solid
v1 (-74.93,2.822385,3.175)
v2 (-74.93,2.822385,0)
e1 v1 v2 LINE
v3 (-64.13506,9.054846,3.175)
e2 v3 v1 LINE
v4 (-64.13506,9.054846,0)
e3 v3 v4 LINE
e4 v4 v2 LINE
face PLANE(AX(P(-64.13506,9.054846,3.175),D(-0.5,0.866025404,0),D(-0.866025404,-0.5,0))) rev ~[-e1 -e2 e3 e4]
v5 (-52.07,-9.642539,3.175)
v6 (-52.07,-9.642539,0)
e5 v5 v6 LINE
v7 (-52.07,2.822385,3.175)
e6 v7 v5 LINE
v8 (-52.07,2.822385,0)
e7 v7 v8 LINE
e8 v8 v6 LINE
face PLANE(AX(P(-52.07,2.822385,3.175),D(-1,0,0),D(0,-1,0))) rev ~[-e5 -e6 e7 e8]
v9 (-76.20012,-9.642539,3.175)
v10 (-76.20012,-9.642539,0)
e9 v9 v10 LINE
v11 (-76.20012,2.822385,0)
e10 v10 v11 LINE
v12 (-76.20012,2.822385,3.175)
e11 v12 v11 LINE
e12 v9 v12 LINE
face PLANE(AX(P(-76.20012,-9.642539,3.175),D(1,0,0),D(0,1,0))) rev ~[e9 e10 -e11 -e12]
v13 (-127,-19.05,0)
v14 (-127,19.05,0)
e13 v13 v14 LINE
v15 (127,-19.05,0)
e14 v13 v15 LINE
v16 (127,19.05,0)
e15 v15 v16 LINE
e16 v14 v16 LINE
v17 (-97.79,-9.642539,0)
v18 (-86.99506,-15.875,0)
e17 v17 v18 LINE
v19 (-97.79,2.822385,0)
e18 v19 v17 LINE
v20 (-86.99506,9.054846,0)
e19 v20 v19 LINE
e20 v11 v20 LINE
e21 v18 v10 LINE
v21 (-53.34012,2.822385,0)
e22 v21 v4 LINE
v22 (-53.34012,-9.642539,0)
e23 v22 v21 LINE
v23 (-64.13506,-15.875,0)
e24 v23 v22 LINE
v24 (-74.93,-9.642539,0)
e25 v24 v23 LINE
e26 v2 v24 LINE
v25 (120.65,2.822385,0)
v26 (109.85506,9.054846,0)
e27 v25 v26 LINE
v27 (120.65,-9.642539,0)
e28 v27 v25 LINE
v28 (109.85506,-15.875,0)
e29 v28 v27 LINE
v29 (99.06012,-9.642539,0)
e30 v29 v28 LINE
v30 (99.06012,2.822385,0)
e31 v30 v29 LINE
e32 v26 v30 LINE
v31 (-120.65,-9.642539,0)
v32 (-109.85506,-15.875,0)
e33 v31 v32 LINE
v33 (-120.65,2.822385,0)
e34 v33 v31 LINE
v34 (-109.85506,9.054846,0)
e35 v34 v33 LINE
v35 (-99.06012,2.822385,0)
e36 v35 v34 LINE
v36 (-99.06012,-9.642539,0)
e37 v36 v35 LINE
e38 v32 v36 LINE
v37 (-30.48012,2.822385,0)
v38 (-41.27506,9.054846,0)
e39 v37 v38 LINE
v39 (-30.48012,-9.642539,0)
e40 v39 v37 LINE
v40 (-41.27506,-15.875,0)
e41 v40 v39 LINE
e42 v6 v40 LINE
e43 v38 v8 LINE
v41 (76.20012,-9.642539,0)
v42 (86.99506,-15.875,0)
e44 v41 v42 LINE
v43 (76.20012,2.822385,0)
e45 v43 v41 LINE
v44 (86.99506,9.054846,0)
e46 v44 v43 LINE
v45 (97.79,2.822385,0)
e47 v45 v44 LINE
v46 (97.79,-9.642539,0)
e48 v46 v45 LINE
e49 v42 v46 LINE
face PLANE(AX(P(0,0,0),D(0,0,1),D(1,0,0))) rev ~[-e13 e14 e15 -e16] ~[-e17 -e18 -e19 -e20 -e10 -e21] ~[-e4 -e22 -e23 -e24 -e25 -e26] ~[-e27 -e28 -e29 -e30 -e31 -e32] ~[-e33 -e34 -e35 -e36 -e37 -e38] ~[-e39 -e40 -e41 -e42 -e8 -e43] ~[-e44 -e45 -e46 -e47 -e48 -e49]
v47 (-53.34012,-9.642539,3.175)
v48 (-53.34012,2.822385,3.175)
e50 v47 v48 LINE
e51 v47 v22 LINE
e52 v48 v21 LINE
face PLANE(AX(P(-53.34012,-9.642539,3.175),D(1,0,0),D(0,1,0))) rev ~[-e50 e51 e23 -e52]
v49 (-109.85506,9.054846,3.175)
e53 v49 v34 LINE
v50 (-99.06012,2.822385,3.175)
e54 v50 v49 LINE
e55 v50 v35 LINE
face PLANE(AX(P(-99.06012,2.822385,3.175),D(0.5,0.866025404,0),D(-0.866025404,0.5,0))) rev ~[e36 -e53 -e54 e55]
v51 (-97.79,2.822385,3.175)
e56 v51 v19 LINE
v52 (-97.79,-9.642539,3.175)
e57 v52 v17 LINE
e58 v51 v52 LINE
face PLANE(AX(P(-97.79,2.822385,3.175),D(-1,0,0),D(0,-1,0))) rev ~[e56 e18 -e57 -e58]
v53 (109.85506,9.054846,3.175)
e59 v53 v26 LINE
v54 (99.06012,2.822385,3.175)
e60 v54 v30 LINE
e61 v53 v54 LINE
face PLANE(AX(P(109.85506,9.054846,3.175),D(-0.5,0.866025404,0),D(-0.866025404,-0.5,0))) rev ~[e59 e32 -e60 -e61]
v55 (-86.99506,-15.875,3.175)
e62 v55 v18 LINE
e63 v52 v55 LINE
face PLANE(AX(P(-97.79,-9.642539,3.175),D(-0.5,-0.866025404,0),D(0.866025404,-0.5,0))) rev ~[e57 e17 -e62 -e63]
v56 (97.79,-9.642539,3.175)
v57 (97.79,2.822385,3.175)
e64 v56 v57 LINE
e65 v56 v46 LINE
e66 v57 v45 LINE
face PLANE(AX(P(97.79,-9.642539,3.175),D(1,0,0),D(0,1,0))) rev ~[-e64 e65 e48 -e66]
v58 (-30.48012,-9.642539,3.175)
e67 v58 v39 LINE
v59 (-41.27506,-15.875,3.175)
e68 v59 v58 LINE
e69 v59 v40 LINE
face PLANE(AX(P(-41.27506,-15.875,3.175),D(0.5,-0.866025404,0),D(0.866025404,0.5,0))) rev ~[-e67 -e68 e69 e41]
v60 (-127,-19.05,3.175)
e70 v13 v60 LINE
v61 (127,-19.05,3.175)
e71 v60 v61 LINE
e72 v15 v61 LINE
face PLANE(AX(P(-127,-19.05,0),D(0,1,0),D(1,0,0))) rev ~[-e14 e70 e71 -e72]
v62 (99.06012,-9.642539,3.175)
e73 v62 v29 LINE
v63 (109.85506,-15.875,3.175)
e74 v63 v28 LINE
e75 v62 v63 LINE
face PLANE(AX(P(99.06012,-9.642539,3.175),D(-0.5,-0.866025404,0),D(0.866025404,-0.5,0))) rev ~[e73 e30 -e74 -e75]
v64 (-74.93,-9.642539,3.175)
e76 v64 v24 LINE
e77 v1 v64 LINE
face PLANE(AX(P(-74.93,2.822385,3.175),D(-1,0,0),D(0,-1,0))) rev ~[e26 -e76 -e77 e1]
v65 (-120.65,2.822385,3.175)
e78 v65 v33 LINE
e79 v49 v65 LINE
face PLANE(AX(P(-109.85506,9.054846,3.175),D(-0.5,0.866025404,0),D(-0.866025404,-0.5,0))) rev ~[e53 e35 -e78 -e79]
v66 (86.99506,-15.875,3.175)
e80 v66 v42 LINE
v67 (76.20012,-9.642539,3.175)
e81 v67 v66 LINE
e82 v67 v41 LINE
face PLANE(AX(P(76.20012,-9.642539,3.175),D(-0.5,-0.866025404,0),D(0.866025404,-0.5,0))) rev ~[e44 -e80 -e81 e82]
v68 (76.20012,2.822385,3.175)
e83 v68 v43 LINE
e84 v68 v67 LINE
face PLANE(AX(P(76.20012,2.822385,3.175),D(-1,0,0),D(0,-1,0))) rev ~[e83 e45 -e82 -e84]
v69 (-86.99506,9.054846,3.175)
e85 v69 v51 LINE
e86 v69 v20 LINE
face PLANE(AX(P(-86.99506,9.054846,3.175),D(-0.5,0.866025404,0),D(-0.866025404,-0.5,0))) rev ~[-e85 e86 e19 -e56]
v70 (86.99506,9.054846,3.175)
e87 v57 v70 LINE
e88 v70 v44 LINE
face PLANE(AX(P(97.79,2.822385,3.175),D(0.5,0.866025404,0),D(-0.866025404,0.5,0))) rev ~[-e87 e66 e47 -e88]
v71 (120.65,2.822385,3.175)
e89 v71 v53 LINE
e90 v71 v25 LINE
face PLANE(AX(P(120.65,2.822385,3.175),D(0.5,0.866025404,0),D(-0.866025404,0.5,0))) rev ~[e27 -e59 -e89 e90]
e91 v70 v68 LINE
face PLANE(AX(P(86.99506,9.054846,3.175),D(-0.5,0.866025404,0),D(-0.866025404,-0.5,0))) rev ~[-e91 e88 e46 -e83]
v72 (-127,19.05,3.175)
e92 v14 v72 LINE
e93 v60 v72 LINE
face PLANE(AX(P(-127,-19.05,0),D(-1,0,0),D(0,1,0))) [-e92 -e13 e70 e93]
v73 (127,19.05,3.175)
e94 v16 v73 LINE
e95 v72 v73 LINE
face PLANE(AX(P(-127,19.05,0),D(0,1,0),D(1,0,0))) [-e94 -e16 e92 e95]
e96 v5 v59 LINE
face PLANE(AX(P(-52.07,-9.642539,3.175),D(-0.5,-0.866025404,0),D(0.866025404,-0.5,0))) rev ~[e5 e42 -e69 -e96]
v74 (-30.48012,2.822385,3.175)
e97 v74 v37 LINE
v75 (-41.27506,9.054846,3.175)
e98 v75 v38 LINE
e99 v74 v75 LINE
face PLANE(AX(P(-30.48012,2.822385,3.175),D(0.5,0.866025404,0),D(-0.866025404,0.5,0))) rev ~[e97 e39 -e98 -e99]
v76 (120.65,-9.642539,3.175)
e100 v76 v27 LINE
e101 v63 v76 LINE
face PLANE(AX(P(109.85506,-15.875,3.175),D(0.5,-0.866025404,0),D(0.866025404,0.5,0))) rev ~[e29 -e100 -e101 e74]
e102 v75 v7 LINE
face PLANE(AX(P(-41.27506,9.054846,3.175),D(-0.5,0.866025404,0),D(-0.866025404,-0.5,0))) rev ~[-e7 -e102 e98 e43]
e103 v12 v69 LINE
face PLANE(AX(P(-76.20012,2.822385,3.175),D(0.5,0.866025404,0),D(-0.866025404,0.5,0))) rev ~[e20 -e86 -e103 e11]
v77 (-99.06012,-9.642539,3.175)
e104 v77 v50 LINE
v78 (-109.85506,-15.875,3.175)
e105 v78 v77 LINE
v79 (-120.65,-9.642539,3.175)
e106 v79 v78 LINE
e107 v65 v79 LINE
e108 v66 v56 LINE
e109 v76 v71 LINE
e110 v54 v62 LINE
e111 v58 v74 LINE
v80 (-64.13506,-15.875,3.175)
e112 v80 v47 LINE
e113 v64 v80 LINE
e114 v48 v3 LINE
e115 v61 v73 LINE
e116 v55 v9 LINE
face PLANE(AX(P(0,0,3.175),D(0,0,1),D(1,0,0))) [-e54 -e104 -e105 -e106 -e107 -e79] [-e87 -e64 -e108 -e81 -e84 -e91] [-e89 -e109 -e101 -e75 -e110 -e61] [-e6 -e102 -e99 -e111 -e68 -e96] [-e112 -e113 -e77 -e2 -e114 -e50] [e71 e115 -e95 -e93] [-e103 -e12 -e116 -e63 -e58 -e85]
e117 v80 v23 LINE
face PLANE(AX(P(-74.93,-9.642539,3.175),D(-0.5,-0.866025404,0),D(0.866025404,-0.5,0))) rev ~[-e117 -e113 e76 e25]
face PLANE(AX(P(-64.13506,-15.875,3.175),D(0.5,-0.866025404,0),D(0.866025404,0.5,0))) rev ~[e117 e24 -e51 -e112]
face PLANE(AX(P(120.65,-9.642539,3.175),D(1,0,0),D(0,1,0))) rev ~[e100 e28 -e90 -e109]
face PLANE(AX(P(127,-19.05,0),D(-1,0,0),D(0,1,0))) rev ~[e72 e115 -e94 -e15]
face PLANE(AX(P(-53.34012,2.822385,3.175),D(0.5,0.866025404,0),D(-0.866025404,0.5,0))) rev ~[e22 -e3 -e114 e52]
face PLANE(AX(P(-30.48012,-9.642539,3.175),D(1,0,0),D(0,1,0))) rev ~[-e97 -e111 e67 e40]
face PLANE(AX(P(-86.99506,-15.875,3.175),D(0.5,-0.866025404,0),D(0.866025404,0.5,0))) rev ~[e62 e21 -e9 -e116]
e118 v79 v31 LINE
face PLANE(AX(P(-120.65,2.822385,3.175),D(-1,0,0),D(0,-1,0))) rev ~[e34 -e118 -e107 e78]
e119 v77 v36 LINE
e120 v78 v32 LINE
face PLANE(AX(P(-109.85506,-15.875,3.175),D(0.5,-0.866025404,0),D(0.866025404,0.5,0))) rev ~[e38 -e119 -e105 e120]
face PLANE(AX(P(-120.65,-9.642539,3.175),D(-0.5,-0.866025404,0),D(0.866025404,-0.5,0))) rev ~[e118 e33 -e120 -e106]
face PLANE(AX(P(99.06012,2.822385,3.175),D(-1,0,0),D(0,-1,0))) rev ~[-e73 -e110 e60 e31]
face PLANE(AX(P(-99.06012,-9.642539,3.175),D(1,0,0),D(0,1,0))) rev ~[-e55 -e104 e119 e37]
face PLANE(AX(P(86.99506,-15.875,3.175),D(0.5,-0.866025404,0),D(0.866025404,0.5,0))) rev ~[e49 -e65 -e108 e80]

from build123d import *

# Parameters (mm, degrees)
SKETCH1_W           = 254
SKETCH1_H           = 38.1
BOSS_EXTRUDE1_DEPTH = 3.175
CUT_EXTRUDE1_DEPTH  = 10.414


with BuildPart() as part:
    # Sketch1 → Boss-Extrude1 (new body)
    with BuildSketch(Plane.XY):
        Rectangle(SKETCH1_W, SKETCH1_H)
    extrude(amount=BOSS_EXTRUDE1_DEPTH)

    # Sketch4 → Cut-Extrude1 (cut)
    with BuildSketch(Plane.XY.offset(3.175)):
        Polygon((-99.060120052, -9.6425385), (-99.060120052, 2.8223845), (-109.855060026, 9.054846), (-120.65, 2.8223845), (-120.65, -9.6425385), (-109.855060026, -15.875), align=None)
        Polygon((-76.200120052, -9.6425385), (-76.200120052, 2.8223845), (-86.995060026, 9.054846), (-97.79, 2.8223845), (-97.79, -9.6425385), (-86.995060026, -15.875), align=None)
        Polygon((-53.340120052, -9.6425385), (-53.340120052, 2.8223845), (-64.135060026, 9.054846), (-74.93, 2.8223845), (-74.93, -9.6425385), (-64.135060026, -15.875), align=None)
        Polygon((-30.480120052, -9.6425385), (-30.480120052, 2.8223845), (-41.275060026, 9.054846), (-52.07, 2.8223845), (-52.07, -9.6425385), (-41.275060026, -15.875), align=None)
        Polygon((120.65, -9.6425385), (120.65, 2.8223845), (109.855060026, 9.054846), (99.060120052, 2.8223845), (99.060120052, -9.6425385), (109.855060026, -15.875), align=None)
        Polygon((97.79, -9.6425385), (97.79, 2.8223845), (86.995060026, 9.054846), (76.200120052, 2.8223845), (76.200120052, -9.6425385), (86.995060026, -15.875), align=None)
    extrude(amount=-CUT_EXTRUDE1_DEPTH, mode=Mode.SUBTRACT)


solid = part.part
